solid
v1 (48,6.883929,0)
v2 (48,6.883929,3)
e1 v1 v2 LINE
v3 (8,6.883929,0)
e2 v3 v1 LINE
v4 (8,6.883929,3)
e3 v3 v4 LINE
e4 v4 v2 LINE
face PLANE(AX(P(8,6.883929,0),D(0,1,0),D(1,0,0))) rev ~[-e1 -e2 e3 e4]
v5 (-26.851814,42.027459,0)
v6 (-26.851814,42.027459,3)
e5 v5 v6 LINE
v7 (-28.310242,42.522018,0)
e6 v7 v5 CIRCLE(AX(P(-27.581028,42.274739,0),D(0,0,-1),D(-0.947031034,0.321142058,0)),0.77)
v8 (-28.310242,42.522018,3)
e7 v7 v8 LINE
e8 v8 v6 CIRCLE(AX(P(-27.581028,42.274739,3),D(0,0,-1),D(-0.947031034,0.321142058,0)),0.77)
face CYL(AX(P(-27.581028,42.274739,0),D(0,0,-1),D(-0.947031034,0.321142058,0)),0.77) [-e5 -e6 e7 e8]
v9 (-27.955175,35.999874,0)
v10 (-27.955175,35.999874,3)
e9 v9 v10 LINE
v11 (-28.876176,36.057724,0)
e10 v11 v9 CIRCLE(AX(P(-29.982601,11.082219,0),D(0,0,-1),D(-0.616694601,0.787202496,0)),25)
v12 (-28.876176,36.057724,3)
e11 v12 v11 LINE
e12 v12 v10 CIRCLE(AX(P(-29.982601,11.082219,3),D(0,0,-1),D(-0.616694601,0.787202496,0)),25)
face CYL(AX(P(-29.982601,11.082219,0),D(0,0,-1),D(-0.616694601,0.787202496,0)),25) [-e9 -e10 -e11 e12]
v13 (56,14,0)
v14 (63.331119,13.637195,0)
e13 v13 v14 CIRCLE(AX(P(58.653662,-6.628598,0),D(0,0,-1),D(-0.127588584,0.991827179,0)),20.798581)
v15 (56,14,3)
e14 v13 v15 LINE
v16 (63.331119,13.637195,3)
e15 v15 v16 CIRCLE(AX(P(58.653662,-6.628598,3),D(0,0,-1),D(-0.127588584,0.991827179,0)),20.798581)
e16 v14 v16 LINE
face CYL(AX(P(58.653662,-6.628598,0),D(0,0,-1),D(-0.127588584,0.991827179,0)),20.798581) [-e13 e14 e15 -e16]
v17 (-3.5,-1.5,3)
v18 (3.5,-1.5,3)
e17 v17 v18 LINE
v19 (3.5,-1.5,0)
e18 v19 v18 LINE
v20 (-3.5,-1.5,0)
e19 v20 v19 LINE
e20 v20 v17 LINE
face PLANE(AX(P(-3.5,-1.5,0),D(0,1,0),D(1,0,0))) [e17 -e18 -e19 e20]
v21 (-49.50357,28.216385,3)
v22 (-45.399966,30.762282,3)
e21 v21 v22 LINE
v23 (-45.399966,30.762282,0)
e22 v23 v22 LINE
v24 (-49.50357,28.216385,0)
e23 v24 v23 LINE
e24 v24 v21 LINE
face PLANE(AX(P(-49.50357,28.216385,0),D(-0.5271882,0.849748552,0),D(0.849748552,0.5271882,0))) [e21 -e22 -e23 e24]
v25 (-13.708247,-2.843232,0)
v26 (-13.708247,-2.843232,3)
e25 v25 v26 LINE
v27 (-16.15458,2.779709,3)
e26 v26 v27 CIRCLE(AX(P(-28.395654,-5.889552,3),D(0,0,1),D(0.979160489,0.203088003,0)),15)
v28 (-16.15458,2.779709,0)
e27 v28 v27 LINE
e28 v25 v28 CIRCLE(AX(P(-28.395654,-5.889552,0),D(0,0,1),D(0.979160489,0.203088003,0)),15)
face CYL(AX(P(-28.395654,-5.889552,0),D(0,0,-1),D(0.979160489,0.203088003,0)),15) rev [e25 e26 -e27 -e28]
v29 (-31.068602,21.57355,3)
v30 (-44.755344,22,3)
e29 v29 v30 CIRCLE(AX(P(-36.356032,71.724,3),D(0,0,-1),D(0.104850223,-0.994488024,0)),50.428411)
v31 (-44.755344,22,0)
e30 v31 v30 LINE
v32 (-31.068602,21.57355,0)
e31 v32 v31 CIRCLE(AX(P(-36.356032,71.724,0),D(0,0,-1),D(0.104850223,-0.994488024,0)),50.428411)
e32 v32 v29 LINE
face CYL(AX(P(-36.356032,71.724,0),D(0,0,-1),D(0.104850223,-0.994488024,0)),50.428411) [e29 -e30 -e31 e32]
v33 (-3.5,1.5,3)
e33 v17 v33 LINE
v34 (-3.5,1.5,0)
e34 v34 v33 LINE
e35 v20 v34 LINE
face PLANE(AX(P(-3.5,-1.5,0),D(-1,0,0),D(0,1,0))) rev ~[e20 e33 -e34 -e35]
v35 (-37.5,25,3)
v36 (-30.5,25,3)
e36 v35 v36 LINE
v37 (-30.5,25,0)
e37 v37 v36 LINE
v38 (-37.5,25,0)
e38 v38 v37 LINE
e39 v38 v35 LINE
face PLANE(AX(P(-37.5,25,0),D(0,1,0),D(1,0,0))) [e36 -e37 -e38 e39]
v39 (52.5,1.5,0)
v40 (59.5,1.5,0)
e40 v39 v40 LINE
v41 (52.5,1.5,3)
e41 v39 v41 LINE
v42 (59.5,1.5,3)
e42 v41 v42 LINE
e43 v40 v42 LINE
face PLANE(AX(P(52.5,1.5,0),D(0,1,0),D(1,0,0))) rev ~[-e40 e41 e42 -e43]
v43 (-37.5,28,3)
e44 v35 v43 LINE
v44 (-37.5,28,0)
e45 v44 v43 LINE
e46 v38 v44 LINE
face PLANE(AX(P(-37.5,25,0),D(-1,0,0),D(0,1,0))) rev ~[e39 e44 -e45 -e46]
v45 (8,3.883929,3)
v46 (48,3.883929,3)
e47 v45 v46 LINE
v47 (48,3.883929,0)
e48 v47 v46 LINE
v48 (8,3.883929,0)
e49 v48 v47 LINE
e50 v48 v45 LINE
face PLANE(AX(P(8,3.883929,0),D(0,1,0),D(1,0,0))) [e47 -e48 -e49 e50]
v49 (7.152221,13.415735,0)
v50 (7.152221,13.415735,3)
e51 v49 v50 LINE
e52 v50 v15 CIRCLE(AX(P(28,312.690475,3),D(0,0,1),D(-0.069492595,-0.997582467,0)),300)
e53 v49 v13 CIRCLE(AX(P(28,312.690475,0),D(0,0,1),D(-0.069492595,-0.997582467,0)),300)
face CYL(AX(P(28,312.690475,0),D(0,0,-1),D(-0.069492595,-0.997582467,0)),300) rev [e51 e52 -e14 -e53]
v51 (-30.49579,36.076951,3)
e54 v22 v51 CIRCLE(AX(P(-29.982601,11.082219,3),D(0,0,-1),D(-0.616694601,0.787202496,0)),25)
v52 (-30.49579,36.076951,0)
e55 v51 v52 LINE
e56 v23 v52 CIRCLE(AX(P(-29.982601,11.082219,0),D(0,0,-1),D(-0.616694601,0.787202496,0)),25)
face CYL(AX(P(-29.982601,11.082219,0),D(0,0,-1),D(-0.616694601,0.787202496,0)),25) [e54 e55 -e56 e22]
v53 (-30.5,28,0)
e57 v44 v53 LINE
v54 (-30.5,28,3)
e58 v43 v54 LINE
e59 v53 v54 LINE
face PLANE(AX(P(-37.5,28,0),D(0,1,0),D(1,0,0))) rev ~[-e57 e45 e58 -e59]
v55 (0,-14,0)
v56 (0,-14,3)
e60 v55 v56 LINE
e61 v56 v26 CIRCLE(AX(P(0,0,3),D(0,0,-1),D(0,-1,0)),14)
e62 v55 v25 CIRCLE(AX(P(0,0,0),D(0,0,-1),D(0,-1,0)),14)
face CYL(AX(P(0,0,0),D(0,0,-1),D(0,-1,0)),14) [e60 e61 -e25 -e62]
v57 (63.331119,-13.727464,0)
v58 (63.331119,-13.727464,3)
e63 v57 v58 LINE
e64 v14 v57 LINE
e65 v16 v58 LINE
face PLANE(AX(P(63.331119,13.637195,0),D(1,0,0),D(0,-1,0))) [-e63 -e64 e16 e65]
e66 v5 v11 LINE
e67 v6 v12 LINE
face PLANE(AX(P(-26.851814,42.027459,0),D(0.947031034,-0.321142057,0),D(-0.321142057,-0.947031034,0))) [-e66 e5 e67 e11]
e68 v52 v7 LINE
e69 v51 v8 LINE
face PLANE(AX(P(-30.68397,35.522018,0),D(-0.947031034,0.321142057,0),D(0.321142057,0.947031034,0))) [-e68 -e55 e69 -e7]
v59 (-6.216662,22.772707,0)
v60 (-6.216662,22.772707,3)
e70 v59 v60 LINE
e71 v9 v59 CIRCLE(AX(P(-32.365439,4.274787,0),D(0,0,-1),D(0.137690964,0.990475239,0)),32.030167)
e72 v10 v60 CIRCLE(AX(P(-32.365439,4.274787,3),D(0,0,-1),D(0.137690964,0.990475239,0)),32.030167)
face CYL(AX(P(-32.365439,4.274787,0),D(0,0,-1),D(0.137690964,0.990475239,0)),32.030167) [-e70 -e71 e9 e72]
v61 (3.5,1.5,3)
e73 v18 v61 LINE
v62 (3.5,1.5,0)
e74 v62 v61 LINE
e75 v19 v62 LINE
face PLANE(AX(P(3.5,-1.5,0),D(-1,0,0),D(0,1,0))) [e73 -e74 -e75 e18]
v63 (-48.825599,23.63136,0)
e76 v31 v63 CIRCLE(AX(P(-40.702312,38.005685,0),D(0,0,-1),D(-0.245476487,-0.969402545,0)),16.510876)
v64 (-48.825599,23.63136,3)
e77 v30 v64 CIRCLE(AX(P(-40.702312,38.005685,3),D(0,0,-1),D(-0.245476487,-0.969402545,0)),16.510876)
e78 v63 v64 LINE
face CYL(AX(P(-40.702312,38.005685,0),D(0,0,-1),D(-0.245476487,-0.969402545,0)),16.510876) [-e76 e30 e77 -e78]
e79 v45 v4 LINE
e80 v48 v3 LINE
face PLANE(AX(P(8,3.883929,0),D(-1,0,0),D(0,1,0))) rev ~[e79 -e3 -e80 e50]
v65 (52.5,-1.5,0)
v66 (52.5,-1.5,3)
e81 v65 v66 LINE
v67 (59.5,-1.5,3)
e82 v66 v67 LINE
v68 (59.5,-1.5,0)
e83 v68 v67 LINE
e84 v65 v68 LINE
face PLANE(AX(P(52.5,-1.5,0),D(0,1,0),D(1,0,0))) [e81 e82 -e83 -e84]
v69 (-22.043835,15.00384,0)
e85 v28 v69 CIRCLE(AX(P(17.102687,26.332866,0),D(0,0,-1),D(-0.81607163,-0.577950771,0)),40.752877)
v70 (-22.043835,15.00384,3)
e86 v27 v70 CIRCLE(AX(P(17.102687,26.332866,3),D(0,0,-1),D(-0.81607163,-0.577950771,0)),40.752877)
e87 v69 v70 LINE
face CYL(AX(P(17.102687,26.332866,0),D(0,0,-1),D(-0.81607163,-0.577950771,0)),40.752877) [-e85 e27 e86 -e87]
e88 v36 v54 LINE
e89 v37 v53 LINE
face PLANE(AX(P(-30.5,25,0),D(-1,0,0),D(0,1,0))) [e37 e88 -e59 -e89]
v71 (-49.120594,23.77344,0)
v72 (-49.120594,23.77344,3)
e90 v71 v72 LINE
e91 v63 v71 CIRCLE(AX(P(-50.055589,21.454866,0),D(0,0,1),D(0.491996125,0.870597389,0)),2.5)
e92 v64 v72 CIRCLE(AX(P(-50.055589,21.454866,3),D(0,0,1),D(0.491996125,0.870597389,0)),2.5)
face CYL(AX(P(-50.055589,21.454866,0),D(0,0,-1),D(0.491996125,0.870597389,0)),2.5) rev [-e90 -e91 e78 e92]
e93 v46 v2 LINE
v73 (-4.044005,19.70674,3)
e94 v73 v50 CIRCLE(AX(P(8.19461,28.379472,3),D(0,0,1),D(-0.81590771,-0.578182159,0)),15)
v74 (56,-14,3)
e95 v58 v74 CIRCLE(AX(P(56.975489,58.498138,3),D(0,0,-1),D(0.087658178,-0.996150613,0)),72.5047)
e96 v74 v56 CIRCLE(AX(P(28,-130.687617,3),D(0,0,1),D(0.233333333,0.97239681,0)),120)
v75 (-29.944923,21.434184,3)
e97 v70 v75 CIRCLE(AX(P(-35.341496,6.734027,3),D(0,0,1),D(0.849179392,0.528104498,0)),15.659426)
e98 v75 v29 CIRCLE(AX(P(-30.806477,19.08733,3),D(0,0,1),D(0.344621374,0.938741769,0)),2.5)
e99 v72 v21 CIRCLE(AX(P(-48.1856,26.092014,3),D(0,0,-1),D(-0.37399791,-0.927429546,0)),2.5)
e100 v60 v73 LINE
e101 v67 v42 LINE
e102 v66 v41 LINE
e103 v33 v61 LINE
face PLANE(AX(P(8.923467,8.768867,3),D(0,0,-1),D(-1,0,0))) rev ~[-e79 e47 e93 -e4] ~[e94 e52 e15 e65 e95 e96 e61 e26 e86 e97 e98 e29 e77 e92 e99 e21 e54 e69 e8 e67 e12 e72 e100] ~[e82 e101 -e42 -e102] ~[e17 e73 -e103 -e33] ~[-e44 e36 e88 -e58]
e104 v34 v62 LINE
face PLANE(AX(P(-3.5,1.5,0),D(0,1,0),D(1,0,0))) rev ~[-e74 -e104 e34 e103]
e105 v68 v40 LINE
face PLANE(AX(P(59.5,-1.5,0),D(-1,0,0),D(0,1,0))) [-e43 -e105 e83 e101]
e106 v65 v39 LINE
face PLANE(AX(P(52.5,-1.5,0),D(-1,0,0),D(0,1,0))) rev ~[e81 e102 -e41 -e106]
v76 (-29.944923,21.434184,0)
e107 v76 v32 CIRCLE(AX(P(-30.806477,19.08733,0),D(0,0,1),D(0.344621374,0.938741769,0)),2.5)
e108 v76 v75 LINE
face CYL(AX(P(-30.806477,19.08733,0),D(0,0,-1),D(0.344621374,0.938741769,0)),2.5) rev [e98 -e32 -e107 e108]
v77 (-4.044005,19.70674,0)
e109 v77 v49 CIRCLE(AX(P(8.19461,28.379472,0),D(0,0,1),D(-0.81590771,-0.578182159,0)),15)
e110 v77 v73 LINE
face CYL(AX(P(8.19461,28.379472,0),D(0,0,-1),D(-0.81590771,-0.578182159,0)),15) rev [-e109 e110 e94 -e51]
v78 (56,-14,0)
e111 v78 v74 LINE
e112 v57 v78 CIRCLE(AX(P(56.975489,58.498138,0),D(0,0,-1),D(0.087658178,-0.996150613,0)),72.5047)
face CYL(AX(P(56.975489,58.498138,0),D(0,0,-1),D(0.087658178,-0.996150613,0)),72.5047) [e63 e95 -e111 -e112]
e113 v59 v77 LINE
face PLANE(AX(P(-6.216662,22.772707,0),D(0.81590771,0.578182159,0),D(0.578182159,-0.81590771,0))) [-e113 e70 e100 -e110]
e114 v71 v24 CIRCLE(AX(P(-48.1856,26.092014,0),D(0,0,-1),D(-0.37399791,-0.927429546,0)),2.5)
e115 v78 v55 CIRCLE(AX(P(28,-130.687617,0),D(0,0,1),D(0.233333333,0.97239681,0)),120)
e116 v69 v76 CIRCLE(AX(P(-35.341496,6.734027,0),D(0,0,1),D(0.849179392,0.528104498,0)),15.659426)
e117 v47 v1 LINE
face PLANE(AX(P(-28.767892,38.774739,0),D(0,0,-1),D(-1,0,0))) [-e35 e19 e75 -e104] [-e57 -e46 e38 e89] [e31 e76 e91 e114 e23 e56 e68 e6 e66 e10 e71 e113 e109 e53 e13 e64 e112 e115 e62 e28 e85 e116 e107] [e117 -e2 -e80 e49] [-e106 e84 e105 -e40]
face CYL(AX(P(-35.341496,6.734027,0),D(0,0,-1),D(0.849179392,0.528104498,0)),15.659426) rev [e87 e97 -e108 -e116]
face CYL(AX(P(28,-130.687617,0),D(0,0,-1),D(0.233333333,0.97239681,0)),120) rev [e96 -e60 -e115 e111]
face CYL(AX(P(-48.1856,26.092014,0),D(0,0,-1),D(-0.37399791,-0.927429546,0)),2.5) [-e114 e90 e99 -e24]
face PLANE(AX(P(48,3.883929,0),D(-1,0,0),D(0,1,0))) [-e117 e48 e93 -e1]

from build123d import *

# Parameters (mm, degrees)
CROQUIS1_W              = 7
CROQUIS1_H              = 3
CROQUIS1_W_2            = 40
SALIENTE_EXTRUIR2_DEPTH = 3


with BuildPart() as part:
    # Croquis1 → Saliente-Extruir2 (new body)
    # profile 1 of 2: a face of its own
    with BuildSketch(Plane.XY):
        with BuildLine():
            Line((-6.216662119, 22.772706787), (-4.044005239, 19.70673965))
            ThreePointArc((-4.044005239, 19.70673965), (0.846790636, 15.302410265), (7.152221482, 13.415735026))
            ThreePointArc((7.152221482, 13.415735026), (31.588023052, 12.711932525), (56, 14))
            ThreePointArc((56, 14), (59.681690996, 14.144560896), (63.331119209, 13.637194987))
            Line((63.331119209, 13.637194987), (63.331119209, -13.72746384))
            ThreePointArc((63.331119209, -13.72746384), (59.669008788, -13.956513649), (56, -14))
            ThreePointArc((56, -14), (28, -10.687617167), (0, -14))
            ThreePointArc((0, -14), (-8.837271963, -10.858297484), (-13.708246846, -2.843232035))
            ThreePointArc((-13.708246846, -2.843232035), (-14.641013119, 0.09458105), (-16.154579725, 2.779709497))
            ThreePointArc((-16.154579725, 2.779709497), (-19.611540214, 8.64494659), (-22.043834508, 15.003840083))
            ThreePointArc((-22.043834508, 15.003840083), (-25.456865091, 18.879465716), (-29.94492332, 21.43418393))
            ThreePointArc((-29.94492332, 21.43418393), (-30.498768872, 21.56832041), (-31.068602309, 21.573549568))
            ThreePointArc((-31.068602309, 21.573549568), (-37.926515157, 21.320049962), (-44.755343643, 22.000000093))
            ThreePointArc((-44.755343643, 22.000000093), (-46.844869797, 22.679955064), (-48.825598798, 23.631359783))
            ThreePointArc((-48.825598798, 23.631359783), (-48.970768016, 23.707234664), (-49.120594345, 23.773440183))
            ThreePointArc((-49.120594345, 23.773440183), (-50.676363257, 25.877313669), (-49.50357007, 28.216385428))
            Line((-49.50357007, 28.216385428), (-45.399966171, 30.762281564))
            ThreePointArc((-45.399966171, 30.762281564), (-37.171530842, 35.026305913), (-27.955174947, 35.999874419))
            ThreePointArc((-27.955174947, 35.999874419), (-15.716017532, 31.637687979), (-6.216662119, 22.772706787))
        make_face()
        with Locations((-34, 26.5)):
            Rectangle(CROQUIS1_W, CROQUIS1_H, mode=Mode.SUBTRACT)
        Rectangle(CROQUIS1_W, CROQUIS1_H, mode=Mode.SUBTRACT)
        with Locations((56, 0)):
            Rectangle(CROQUIS1_W, CROQUIS1_H, mode=Mode.SUBTRACT)
        with Locations((28, 5.383929272)):
            Rectangle(CROQUIS1_W_2, CROQUIS1_H, mode=Mode.SUBTRACT)
    # profile 2 of 2: a face of its own
    with BuildSketch(Plane.XY):
        with BuildLine():
            Line((-30.68397036, 35.522018262), (-28.310242026, 42.522018262))
            ThreePointArc((-28.310242026, 42.522018262), (-27.333748746, 43.003952774), (-26.851814233, 42.027459494))
            Line((-26.851814233, 42.027459494), (-29.225542567, 35.027459494))
            ThreePointArc((-29.225542567, 35.027459494), (-30.202035847, 34.545524982), (-30.68397036, 35.522018262))
        make_face()
    extrude(amount=SALIENTE_EXTRUIR2_DEPTH)


solid = part.part
